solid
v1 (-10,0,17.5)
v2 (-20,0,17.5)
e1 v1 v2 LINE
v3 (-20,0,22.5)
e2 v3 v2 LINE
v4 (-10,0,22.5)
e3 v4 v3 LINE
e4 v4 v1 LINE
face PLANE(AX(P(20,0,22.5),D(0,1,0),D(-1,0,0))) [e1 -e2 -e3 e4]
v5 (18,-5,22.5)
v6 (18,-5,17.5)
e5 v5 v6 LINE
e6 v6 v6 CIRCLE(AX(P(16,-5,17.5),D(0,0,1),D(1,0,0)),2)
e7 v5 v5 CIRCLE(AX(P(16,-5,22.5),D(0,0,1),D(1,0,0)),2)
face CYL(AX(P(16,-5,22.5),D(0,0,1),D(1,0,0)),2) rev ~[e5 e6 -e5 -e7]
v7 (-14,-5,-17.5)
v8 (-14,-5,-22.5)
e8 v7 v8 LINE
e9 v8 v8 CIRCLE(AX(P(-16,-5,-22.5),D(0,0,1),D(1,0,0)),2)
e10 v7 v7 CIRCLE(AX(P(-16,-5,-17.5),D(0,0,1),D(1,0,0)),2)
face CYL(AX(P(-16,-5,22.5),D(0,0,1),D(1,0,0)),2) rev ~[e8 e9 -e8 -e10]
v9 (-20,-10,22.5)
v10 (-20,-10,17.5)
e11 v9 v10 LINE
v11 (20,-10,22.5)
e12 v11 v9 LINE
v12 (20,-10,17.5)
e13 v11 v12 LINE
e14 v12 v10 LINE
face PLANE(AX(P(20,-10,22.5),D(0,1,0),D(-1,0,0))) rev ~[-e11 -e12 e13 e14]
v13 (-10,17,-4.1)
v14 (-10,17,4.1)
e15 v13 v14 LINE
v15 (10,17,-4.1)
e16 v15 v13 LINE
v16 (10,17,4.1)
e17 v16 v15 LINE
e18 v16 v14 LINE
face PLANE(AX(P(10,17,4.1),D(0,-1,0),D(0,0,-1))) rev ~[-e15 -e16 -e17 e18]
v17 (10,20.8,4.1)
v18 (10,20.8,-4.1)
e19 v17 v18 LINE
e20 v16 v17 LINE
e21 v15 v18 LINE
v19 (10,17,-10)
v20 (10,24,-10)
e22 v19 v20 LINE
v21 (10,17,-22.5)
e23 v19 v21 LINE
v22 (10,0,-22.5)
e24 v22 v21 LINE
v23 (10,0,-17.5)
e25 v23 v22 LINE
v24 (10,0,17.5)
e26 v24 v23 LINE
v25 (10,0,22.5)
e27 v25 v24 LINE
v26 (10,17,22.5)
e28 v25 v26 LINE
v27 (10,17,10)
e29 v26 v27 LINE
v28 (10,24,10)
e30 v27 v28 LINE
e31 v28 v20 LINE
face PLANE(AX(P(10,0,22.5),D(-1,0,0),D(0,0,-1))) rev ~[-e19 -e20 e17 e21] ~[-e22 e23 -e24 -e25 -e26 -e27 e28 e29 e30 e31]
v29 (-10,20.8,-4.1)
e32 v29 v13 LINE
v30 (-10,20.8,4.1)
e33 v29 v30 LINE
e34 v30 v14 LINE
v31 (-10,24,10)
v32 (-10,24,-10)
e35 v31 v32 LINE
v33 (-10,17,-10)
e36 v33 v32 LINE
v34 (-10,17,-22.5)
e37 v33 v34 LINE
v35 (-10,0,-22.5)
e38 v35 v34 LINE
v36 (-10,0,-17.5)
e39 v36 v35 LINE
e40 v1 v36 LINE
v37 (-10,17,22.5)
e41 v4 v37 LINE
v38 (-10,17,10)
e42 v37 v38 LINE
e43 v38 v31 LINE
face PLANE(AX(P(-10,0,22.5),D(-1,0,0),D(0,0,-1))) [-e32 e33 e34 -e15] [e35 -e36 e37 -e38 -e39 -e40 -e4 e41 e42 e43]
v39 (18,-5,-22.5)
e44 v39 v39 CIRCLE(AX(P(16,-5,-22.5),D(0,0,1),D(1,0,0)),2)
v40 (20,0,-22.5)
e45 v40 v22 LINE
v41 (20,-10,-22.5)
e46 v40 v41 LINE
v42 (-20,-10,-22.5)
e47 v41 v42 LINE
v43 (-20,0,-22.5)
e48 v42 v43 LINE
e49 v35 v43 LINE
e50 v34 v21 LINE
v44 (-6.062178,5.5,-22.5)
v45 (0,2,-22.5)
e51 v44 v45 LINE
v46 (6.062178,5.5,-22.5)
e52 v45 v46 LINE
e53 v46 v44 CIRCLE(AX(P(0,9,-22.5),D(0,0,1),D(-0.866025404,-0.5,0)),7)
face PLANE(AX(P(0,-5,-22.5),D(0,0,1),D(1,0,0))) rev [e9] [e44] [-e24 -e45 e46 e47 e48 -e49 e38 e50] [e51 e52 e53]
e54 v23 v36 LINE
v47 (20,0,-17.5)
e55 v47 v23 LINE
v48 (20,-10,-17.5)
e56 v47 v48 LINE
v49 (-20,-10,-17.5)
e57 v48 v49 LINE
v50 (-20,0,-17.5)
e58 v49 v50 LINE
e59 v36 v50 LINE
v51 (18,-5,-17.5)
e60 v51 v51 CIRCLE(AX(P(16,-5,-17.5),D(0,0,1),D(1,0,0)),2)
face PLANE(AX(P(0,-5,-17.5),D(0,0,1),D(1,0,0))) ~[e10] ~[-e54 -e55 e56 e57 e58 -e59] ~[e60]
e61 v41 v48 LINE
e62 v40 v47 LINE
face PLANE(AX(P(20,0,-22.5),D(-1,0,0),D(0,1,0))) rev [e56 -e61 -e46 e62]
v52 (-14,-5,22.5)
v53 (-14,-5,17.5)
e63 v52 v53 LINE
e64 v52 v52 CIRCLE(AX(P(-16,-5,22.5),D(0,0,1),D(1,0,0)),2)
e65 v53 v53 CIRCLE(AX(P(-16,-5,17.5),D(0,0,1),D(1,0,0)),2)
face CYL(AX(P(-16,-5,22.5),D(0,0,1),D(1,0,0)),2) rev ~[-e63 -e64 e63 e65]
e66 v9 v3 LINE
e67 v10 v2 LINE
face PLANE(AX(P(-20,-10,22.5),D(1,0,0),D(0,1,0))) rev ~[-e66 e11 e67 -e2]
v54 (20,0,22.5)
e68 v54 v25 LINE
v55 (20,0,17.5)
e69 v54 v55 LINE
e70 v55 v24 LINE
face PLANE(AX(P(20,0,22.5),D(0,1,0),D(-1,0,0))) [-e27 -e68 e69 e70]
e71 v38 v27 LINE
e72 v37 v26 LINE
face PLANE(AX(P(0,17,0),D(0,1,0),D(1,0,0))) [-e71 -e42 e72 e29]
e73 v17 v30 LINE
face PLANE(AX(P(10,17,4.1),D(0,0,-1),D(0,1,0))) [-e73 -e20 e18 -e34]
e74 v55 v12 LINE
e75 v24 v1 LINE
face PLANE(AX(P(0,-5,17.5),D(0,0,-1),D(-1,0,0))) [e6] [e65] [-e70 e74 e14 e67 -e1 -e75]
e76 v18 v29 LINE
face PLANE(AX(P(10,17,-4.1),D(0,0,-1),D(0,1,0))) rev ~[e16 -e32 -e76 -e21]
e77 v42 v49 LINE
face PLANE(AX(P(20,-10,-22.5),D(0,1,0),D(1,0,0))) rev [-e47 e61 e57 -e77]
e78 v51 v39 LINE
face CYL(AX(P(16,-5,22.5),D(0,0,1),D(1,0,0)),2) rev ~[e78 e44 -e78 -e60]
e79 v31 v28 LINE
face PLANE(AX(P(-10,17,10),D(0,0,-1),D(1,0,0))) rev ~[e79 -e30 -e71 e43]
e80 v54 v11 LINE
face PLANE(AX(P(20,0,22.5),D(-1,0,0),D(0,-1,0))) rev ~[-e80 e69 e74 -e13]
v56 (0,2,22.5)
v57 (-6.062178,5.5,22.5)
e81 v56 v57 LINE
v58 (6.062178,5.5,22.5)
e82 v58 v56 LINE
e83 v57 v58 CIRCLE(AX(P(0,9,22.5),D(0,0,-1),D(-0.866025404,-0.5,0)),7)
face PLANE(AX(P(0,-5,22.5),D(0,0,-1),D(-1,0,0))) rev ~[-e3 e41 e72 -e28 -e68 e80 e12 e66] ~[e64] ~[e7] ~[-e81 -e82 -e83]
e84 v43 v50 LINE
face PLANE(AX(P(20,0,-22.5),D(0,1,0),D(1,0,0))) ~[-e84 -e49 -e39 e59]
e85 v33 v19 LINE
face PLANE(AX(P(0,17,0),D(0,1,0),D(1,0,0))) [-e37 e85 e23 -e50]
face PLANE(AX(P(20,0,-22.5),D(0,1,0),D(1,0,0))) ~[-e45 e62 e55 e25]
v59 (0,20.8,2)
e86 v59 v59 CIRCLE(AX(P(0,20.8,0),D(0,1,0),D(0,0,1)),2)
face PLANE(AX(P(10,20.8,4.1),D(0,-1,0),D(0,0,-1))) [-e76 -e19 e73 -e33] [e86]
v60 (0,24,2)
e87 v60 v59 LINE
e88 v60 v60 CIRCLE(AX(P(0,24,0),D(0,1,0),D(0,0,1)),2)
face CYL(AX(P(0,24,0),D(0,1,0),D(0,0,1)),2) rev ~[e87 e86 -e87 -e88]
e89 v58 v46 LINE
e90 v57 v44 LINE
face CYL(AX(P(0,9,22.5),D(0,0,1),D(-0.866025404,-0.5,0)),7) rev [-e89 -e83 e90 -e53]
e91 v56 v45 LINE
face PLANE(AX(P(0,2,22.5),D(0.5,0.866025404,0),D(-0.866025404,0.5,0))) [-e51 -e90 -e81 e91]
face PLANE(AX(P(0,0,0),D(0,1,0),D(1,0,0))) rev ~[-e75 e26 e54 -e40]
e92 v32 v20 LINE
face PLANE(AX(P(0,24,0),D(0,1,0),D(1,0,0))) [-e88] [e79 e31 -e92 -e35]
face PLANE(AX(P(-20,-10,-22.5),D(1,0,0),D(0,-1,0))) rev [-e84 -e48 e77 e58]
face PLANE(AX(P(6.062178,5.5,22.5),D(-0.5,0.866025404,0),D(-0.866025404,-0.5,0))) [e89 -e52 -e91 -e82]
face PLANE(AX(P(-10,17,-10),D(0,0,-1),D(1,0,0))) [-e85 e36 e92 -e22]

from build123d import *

# Parameters (mm, degrees)
SKETCH1_W           = 20
SKETCH1_H           = 45
BOSS_EXTRUDE1_DEPTH = 17
CUT_EXTRUDE1_DEPTH  = 50.132473986
BOSS_EXTRUDE2_DEPTH = 5
SKETCH4_R           = 2
CUT_EXTRUDE2_DEPTH  = 53.096065111
SKETCH6_W           = 20
SKETCH6_H           = 20
BOSS_EXTRUDE3_DEPTH = 7
SKETCH8_W           = 8.2
SKETCH8_H           = 3.8
CUT_EXTRUDE3_DEPTH  = 45.522466239
CUT_EXTRUDE4_REACH  = 47.412
SKETCH7_R           = 2


with BuildPart() as part:
    # Sketch1 → Boss-Extrude1 (new body)
    with BuildSketch(Plane(origin=(0, 0, 0), x_dir=(1, 0, 0), z_dir=(0, 1, 0))):
        Rectangle(SKETCH1_W, SKETCH1_H)
    extrude(amount=BOSS_EXTRUDE1_DEPTH)

    # Sketch2 → Cut-Extrude1 (cut, through all)
    with BuildSketch(Plane.XY.offset(22.5)):
        with BuildLine():
            Line((0, 2), (-6.062177826, 5.5))
            ThreePointArc((-6.062177826, 5.5), (0, 16), (6.062177826, 5.5))
            Line((6.062177826, 5.5), (0, 2))
        make_face()
    extrude(amount=-CUT_EXTRUDE1_DEPTH, mode=Mode.SUBTRACT)

    # Sketch3 → Boss-Extrude2 (add)
    with BuildSketch(Plane.XY.offset(22.5)):
        Polygon((10, 0), (20, 0), (20, -10), (-20, -10), (-20, 0), (-10, 0), align=None)
    boss_extrude2 = extrude(amount=-BOSS_EXTRUDE2_DEPTH)

    # Mirror1: Boss-Extrude2 across plane
    add(boss_extrude2.mirror(Plane.XY))

    # Sketch4 → Cut-Extrude2 (cut, through all)
    with BuildSketch(Plane.XY.offset(22.5)):
        with Locations((16, -5)):
            Circle(SKETCH4_R)
        with Locations((-16, -5)):
            Circle(SKETCH4_R)
    extrude(amount=-CUT_EXTRUDE2_DEPTH, mode=Mode.SUBTRACT)

    # Sketch6 → Boss-Extrude3 (add)
    with BuildSketch(Plane(origin=(0, 17, 0), x_dir=(1, 0, 0), z_dir=(0, 1, 0))):
        Rectangle(SKETCH6_W, SKETCH6_H)
    extrude(amount=BOSS_EXTRUDE3_DEPTH)

    # Sketch8 → Cut-Extrude3 (cut, through all)
    with BuildSketch(Plane(origin=(10, 0, 0), x_dir=(0, 0, -1), z_dir=(1, 0, 0))):
        with Locations((0, 18.9)):
            Rectangle(SKETCH8_W, SKETCH8_H)
    extrude(amount=-CUT_EXTRUDE3_DEPTH, mode=Mode.SUBTRACT)

    # Sketch7 → Cut-Extrude4 (cut, up to next)
    with BuildSketch(Plane(origin=(0, 24, 0), x_dir=(1, 0, 0), z_dir=(0, 1, 0)), mode=Mode.PRIVATE) as cut_extrude4_sk1:
        with Locations(Location((0, 0, 0), (0, 0, 270))):
            Circle(SKETCH7_R)
    cut_extrude4_tool1 = extrude(cut_extrude4_sk1.sketch, amount=-CUT_EXTRUDE4_REACH, mode=Mode.PRIVATE) & part.part
    add(cut_extrude4_tool1.solids().sort_by_distance((0, 24, 0))[0], mode=Mode.SUBTRACT)


solid = part.part
